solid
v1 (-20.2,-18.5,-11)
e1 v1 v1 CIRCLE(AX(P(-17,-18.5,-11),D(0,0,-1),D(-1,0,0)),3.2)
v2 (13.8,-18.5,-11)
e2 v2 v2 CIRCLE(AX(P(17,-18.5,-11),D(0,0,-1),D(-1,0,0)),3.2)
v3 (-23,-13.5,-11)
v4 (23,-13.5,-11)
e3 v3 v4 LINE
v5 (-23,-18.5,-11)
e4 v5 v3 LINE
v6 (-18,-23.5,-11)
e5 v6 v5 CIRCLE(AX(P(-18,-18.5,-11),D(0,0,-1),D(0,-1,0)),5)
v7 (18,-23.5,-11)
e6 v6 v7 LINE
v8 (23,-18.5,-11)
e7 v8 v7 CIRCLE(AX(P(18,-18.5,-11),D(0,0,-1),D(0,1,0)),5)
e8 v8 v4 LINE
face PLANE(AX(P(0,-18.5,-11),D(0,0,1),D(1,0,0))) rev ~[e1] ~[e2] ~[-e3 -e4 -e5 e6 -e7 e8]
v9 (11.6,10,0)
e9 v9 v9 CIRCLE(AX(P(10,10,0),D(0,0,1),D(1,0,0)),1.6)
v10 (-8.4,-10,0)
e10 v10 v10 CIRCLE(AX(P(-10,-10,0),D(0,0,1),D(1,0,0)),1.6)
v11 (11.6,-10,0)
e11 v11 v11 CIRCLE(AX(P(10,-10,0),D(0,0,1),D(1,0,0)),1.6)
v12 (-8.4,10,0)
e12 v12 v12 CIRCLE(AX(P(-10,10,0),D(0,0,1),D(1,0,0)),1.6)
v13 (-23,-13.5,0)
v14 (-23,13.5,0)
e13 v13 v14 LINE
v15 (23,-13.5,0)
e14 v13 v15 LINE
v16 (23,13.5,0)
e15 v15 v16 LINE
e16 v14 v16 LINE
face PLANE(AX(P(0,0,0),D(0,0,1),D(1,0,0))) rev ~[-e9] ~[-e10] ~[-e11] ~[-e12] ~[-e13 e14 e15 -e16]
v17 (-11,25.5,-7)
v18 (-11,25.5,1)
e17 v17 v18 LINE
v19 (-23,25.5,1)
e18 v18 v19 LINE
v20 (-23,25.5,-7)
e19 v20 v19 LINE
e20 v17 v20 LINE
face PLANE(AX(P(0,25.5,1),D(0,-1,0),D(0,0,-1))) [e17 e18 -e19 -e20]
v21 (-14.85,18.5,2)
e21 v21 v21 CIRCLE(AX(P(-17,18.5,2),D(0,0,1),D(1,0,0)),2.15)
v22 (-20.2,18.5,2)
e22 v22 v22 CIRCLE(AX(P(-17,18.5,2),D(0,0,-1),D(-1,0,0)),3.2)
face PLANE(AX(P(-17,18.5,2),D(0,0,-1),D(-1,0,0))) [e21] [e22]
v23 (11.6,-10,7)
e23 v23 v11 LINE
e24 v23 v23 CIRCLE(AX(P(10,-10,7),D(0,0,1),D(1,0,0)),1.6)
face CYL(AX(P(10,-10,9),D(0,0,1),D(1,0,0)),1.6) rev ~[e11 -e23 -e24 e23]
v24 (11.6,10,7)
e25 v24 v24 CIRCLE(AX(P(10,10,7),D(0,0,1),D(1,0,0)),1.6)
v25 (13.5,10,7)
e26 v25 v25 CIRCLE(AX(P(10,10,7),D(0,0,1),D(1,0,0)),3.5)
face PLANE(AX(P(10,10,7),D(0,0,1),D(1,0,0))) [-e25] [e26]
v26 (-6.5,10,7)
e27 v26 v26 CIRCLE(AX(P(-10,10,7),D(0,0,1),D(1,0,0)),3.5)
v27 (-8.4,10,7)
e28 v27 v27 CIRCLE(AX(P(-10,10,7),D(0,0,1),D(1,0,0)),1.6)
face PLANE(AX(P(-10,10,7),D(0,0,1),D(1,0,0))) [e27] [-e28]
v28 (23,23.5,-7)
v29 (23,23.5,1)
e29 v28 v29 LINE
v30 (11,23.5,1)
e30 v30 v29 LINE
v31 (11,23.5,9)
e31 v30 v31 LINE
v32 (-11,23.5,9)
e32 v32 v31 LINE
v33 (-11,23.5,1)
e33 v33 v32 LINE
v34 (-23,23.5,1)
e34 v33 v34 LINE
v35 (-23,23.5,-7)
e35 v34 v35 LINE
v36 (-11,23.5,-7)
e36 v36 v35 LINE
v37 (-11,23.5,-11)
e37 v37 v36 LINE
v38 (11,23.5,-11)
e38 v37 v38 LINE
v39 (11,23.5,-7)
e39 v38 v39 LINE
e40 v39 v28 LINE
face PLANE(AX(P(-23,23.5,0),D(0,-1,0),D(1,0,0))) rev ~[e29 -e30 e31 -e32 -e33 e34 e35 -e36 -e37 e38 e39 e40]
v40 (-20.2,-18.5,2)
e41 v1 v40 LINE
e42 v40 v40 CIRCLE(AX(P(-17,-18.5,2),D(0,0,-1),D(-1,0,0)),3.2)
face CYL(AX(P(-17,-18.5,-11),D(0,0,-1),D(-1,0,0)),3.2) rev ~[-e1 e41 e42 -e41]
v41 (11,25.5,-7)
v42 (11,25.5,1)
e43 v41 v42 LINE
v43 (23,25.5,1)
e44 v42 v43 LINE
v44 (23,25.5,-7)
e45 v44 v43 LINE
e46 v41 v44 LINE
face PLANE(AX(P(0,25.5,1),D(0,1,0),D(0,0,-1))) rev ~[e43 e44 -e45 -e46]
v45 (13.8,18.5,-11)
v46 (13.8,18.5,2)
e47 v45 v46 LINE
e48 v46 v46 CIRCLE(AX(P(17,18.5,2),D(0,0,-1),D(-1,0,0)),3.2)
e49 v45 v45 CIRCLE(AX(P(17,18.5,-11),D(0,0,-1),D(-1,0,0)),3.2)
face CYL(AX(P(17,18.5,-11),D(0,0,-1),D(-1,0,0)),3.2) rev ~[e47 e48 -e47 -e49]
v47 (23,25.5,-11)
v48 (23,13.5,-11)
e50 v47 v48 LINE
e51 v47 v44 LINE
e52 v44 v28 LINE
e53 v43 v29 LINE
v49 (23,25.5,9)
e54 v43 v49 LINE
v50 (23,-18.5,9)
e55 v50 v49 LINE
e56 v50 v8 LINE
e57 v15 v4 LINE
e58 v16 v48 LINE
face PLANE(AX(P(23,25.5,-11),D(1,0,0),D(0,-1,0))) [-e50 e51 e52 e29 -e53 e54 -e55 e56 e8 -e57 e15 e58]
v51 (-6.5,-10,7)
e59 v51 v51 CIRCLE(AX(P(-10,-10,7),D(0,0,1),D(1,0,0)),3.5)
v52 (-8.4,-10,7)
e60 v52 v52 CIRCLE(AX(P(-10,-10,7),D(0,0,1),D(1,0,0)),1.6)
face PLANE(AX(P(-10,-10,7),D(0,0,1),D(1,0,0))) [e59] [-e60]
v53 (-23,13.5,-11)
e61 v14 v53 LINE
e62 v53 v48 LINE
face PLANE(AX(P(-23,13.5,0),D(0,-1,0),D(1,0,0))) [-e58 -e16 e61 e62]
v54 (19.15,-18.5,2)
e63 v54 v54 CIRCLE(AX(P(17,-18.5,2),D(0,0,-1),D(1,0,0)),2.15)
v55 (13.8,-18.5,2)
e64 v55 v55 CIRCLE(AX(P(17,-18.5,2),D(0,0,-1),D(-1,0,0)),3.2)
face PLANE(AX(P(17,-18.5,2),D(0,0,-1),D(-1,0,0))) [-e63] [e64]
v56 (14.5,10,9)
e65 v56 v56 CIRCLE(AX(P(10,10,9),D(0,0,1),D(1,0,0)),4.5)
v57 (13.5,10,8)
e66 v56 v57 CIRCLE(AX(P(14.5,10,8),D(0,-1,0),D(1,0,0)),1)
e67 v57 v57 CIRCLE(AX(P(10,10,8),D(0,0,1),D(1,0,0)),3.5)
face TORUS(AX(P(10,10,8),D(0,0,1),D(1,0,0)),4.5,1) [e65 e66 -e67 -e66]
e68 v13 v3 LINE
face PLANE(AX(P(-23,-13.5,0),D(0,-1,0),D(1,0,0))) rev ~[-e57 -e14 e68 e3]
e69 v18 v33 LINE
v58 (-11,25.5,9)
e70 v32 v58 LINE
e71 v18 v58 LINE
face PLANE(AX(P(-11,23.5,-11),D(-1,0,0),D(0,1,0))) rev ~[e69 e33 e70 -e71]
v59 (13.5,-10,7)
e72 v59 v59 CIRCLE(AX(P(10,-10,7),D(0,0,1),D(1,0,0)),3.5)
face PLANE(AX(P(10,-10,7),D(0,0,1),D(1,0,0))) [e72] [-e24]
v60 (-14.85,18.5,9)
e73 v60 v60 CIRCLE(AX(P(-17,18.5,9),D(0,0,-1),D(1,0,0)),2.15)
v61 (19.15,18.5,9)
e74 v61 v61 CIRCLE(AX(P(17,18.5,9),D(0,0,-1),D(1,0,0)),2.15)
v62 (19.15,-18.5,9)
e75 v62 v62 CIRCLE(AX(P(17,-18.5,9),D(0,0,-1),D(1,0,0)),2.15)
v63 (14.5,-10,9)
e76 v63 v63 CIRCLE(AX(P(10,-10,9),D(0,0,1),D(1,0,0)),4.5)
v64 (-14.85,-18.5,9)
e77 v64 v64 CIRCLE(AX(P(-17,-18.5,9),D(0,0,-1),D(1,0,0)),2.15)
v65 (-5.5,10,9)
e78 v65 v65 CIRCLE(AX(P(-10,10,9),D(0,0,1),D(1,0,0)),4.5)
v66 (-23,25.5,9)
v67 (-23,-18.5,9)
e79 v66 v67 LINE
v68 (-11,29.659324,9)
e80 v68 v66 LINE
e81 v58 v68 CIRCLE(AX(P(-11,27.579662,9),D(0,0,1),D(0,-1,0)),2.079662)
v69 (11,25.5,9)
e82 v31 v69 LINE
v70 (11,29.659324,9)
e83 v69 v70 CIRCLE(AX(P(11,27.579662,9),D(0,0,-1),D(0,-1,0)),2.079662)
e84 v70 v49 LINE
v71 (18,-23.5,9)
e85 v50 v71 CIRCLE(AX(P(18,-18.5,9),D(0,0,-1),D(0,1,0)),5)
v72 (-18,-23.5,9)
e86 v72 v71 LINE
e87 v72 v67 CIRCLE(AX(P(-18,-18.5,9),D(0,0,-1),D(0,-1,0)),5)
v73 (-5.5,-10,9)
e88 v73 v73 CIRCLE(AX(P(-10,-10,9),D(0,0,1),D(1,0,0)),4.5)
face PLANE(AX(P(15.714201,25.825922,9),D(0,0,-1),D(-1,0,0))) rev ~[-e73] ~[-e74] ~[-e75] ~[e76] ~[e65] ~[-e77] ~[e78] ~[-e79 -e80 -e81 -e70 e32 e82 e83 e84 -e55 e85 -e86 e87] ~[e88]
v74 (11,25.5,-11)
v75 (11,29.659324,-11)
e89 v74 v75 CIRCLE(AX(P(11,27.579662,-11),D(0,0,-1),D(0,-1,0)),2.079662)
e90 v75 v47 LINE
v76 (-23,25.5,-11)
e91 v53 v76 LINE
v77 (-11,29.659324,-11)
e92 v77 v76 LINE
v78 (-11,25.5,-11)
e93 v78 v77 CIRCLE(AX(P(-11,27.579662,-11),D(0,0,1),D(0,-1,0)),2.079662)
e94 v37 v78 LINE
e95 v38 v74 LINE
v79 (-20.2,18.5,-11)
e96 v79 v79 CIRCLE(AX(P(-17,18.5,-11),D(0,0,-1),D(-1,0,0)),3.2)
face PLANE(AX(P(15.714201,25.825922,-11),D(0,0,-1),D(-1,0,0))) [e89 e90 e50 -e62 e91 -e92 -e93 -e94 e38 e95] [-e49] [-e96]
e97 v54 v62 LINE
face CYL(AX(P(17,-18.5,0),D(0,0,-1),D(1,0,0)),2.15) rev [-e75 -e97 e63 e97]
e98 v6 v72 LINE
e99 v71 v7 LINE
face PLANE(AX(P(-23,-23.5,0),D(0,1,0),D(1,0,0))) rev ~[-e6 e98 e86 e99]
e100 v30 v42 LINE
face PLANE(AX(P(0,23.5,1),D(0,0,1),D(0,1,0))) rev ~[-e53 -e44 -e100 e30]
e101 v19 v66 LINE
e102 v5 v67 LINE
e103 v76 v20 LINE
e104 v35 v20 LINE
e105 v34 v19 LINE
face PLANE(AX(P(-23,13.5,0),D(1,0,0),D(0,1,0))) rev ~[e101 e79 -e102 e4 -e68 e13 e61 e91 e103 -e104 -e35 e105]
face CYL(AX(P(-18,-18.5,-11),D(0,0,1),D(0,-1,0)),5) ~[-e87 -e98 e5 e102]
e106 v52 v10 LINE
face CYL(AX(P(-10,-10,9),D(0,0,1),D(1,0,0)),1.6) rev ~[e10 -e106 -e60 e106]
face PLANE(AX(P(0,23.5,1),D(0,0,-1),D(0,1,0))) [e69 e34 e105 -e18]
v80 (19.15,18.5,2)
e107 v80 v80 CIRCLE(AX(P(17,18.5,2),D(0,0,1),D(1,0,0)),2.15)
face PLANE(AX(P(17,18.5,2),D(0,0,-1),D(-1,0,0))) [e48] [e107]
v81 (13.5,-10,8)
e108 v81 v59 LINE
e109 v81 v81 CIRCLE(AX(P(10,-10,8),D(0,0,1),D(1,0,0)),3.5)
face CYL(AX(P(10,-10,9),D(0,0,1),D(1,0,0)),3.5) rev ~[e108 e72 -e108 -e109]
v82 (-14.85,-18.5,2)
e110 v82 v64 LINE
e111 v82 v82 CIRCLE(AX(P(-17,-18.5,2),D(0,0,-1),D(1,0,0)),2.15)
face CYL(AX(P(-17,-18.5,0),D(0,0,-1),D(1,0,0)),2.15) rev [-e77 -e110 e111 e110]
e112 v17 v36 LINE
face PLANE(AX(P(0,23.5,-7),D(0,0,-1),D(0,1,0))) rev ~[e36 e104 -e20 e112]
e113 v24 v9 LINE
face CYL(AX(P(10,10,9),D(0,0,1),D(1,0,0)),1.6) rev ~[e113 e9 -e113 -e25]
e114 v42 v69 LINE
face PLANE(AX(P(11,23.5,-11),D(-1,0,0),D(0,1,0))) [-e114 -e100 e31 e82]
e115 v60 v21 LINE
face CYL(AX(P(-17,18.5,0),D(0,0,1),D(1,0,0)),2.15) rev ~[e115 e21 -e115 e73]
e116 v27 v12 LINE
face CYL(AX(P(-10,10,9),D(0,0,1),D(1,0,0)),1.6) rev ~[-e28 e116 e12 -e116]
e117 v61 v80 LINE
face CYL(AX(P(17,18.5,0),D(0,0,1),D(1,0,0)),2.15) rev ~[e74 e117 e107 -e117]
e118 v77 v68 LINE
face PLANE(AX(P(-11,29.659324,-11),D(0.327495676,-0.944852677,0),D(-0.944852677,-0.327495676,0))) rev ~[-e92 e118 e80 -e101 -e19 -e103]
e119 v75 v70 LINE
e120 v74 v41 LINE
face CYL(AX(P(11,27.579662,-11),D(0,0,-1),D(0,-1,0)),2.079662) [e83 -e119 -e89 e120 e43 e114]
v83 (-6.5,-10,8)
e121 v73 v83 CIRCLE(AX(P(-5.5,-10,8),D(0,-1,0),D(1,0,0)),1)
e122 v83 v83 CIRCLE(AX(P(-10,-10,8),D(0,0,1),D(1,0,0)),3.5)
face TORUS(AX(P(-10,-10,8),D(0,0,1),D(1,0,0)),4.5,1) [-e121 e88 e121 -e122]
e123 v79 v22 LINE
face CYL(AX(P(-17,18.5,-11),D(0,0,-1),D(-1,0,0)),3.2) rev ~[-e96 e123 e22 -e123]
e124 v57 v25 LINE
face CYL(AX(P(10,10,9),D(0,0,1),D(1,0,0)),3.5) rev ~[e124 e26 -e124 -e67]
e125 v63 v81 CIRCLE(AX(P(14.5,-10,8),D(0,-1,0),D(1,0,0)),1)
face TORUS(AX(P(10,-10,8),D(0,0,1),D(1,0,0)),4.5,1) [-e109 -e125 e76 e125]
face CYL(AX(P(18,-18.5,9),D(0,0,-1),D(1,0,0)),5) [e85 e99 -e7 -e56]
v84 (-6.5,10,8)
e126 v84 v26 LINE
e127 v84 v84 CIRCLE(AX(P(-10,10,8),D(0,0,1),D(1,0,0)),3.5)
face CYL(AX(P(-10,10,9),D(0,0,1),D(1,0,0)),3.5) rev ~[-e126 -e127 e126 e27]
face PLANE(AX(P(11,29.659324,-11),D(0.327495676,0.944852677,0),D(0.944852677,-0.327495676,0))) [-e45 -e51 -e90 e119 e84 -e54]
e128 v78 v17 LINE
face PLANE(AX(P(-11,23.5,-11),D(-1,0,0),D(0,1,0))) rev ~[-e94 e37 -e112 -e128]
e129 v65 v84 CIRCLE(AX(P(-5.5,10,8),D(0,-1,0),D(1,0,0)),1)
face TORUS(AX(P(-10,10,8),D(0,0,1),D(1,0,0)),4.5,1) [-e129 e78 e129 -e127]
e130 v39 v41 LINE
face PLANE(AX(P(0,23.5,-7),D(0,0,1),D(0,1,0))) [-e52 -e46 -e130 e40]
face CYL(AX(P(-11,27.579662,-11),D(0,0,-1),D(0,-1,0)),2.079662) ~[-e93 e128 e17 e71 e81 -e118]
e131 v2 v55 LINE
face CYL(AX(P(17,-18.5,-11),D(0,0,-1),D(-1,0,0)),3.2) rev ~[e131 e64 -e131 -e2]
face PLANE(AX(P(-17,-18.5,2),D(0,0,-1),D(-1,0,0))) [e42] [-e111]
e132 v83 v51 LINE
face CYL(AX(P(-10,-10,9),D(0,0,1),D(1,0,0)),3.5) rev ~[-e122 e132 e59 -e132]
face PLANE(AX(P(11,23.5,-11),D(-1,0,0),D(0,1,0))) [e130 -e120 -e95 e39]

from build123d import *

# Parameters (mm, degrees)
SKETCH1_W               = 46
SKETCH1_H               = 47
BOSS_EXTRUDE1_DEPTH     = 9
SKETCH2_R               = 1.6
CUT_EXTRUDE1_DEPTH      = 10
SKETCH3_W               = 46
SKETCH3_H               = 10
BOSS_EXTRUDE2_DEPTH     = 11
SKETCH4_R               = 2.15
CUT_EXTRUDE2_DEPTH      = 10
CUT_EXTRUDE2_DEPTH_BACK = 12
BOSS_EXTRUDE5_DEPTH     = 20
SKETCH8_W               = 8
SKETCH8_H               = 2
CUT_EXTRUDE3_DEPTH      = 24
CUT_EXTRUDE3_DEPTH_BACK = 24
SKETCH9_R               = 3.5
CUT_EXTRUDE4_DEPTH      = 2
FILLET1_R               = 1
FILLET2_R               = 5
SKETCH10_R              = 3.2
CUT_EXTRUDE5_DEPTH      = 13


with BuildPart() as part:
    # Sketch1 → Boss-Extrude1 (new body)
    with BuildSketch(Plane.XY):
        Rectangle(SKETCH1_W, SKETCH1_H)
    extrude(amount=BOSS_EXTRUDE1_DEPTH)

    # Sketch2 → Cut-Extrude1 (cut)
    with BuildSketch(Plane.XY.offset(9)):
        with Locations((-10, 10)):
            Circle(SKETCH2_R)
        with Locations((10, 10)):
            Circle(SKETCH2_R)
        with Locations((-10, -10)):
            Circle(SKETCH2_R)
        with Locations((10, -10)):
            Circle(SKETCH2_R)
    extrude(amount=-CUT_EXTRUDE1_DEPTH, mode=Mode.SUBTRACT)

    # Sketch3 → Boss-Extrude2 (add)
    with BuildSketch(Plane.XY):
        with Locations((0, 18.5)):
            Rectangle(SKETCH3_W, SKETCH3_H)
        with Locations((0, -18.5)):
            Rectangle(SKETCH3_W, SKETCH3_H)
    extrude(amount=-BOSS_EXTRUDE2_DEPTH)

    # Sketch4 → Cut-Extrude2 (cut, two sides)
    with BuildSketch(Plane.XY) as cut_extrude2_sk:
        with Locations((-17, 18.5)):
            Circle(SKETCH4_R)
        with Locations((17, 18.5)):
            Circle(SKETCH4_R)
        with Locations((-17, -18.5)):
            Circle(SKETCH4_R)
        with Locations((17, -18.5)):
            Circle(SKETCH4_R)
    extrude(amount=CUT_EXTRUDE2_DEPTH, mode=Mode.SUBTRACT)
    extrude(cut_extrude2_sk.sketch, amount=-CUT_EXTRUDE2_DEPTH_BACK, mode=Mode.SUBTRACT)

    # Sketch7 → Boss-Extrude5 (add)
    with BuildSketch(Plane(origin=(0, 0, -11), x_dir=(-1, 0, 0), z_dir=(0, 0, -1))):
        with BuildLine():
            Line((-23, 23.5), (-11, 23.5))
            Line((-11, 23.5), (-11, 25.5))
            ThreePointArc((-11, 25.5), (-8.920338159, 27.579661841), (-11, 29.659323681))
            Line((-11, 29.659323681), (-23, 25.5))
            Line((-23, 25.5), (-23, 23.5))
        make_face()
        with BuildLine():
            Line((23, 23.5), (11, 23.5))
            Line((11, 23.5), (11, 25.5))
            ThreePointArc((11, 25.5), (8.920338159, 27.579661841), (11, 29.659323681))
            Line((11, 29.659323681), (23, 25.5))
            Line((23, 25.5), (23, 23.5))
        make_face()
    extrude(amount=-BOSS_EXTRUDE5_DEPTH)

    # Sketch8 → Cut-Extrude3 (cut, two sides)
    with BuildSketch(Plane(origin=(0, 0, 0), x_dir=(0, 0, -1), z_dir=(1, 0, 0))) as cut_extrude3_sk:
        with Locations((3, 24.5)):
            Rectangle(SKETCH8_W, SKETCH8_H)
    extrude(amount=CUT_EXTRUDE3_DEPTH, mode=Mode.SUBTRACT)
    extrude(cut_extrude3_sk.sketch, amount=-CUT_EXTRUDE3_DEPTH_BACK, mode=Mode.SUBTRACT)

    # Sketch9 → Cut-Extrude4 (cut)
    with BuildSketch(Plane.XY.offset(9)):
        with Locations((-10, 10)):
            Circle(SKETCH9_R)
        with Locations((10, 10)):
            Circle(SKETCH9_R)
        with Locations((10, -10)):
            Circle(SKETCH9_R)
        with Locations((-10, -10)):
            Circle(SKETCH9_R)
    extrude(amount=-CUT_EXTRUDE4_DEPTH, mode=Mode.SUBTRACT)

    # Fillet1
    fillet1_edges = [part.edges().sort_by_distance(p)[0] for p in [
        (-13.5, -10, 9),
        (6.5, -10, 9),
        (6.5, 10, 9),
        (-13.5, 10, 9),
    ]]
    fillet(fillet1_edges, radius=FILLET1_R)

    # Fillet2
    fillet2_edges = [part.edges().sort_by_distance(p)[0] for p in [
        (23, -23.5, -1),
        (-23, -23.5, -1),
    ]]
    fillet(fillet2_edges, radius=FILLET2_R)

    # Sketch10 → Cut-Extrude5 (cut)
    with BuildSketch(Plane(origin=(0, 0, -11), x_dir=(-1, 0, 0), z_dir=(0, 0, -1))):
        with Locations((-17, -18.5)):
            Circle(SKETCH10_R)
        with Locations((17, -18.5)):
            Circle(SKETCH10_R)
        with Locations((17, 18.5)):
            Circle(SKETCH10_R)
        with Locations((-17, 18.5)):
            Circle(SKETCH10_R)
    extrude(amount=-CUT_EXTRUDE5_DEPTH, mode=Mode.SUBTRACT)


solid = part.part
